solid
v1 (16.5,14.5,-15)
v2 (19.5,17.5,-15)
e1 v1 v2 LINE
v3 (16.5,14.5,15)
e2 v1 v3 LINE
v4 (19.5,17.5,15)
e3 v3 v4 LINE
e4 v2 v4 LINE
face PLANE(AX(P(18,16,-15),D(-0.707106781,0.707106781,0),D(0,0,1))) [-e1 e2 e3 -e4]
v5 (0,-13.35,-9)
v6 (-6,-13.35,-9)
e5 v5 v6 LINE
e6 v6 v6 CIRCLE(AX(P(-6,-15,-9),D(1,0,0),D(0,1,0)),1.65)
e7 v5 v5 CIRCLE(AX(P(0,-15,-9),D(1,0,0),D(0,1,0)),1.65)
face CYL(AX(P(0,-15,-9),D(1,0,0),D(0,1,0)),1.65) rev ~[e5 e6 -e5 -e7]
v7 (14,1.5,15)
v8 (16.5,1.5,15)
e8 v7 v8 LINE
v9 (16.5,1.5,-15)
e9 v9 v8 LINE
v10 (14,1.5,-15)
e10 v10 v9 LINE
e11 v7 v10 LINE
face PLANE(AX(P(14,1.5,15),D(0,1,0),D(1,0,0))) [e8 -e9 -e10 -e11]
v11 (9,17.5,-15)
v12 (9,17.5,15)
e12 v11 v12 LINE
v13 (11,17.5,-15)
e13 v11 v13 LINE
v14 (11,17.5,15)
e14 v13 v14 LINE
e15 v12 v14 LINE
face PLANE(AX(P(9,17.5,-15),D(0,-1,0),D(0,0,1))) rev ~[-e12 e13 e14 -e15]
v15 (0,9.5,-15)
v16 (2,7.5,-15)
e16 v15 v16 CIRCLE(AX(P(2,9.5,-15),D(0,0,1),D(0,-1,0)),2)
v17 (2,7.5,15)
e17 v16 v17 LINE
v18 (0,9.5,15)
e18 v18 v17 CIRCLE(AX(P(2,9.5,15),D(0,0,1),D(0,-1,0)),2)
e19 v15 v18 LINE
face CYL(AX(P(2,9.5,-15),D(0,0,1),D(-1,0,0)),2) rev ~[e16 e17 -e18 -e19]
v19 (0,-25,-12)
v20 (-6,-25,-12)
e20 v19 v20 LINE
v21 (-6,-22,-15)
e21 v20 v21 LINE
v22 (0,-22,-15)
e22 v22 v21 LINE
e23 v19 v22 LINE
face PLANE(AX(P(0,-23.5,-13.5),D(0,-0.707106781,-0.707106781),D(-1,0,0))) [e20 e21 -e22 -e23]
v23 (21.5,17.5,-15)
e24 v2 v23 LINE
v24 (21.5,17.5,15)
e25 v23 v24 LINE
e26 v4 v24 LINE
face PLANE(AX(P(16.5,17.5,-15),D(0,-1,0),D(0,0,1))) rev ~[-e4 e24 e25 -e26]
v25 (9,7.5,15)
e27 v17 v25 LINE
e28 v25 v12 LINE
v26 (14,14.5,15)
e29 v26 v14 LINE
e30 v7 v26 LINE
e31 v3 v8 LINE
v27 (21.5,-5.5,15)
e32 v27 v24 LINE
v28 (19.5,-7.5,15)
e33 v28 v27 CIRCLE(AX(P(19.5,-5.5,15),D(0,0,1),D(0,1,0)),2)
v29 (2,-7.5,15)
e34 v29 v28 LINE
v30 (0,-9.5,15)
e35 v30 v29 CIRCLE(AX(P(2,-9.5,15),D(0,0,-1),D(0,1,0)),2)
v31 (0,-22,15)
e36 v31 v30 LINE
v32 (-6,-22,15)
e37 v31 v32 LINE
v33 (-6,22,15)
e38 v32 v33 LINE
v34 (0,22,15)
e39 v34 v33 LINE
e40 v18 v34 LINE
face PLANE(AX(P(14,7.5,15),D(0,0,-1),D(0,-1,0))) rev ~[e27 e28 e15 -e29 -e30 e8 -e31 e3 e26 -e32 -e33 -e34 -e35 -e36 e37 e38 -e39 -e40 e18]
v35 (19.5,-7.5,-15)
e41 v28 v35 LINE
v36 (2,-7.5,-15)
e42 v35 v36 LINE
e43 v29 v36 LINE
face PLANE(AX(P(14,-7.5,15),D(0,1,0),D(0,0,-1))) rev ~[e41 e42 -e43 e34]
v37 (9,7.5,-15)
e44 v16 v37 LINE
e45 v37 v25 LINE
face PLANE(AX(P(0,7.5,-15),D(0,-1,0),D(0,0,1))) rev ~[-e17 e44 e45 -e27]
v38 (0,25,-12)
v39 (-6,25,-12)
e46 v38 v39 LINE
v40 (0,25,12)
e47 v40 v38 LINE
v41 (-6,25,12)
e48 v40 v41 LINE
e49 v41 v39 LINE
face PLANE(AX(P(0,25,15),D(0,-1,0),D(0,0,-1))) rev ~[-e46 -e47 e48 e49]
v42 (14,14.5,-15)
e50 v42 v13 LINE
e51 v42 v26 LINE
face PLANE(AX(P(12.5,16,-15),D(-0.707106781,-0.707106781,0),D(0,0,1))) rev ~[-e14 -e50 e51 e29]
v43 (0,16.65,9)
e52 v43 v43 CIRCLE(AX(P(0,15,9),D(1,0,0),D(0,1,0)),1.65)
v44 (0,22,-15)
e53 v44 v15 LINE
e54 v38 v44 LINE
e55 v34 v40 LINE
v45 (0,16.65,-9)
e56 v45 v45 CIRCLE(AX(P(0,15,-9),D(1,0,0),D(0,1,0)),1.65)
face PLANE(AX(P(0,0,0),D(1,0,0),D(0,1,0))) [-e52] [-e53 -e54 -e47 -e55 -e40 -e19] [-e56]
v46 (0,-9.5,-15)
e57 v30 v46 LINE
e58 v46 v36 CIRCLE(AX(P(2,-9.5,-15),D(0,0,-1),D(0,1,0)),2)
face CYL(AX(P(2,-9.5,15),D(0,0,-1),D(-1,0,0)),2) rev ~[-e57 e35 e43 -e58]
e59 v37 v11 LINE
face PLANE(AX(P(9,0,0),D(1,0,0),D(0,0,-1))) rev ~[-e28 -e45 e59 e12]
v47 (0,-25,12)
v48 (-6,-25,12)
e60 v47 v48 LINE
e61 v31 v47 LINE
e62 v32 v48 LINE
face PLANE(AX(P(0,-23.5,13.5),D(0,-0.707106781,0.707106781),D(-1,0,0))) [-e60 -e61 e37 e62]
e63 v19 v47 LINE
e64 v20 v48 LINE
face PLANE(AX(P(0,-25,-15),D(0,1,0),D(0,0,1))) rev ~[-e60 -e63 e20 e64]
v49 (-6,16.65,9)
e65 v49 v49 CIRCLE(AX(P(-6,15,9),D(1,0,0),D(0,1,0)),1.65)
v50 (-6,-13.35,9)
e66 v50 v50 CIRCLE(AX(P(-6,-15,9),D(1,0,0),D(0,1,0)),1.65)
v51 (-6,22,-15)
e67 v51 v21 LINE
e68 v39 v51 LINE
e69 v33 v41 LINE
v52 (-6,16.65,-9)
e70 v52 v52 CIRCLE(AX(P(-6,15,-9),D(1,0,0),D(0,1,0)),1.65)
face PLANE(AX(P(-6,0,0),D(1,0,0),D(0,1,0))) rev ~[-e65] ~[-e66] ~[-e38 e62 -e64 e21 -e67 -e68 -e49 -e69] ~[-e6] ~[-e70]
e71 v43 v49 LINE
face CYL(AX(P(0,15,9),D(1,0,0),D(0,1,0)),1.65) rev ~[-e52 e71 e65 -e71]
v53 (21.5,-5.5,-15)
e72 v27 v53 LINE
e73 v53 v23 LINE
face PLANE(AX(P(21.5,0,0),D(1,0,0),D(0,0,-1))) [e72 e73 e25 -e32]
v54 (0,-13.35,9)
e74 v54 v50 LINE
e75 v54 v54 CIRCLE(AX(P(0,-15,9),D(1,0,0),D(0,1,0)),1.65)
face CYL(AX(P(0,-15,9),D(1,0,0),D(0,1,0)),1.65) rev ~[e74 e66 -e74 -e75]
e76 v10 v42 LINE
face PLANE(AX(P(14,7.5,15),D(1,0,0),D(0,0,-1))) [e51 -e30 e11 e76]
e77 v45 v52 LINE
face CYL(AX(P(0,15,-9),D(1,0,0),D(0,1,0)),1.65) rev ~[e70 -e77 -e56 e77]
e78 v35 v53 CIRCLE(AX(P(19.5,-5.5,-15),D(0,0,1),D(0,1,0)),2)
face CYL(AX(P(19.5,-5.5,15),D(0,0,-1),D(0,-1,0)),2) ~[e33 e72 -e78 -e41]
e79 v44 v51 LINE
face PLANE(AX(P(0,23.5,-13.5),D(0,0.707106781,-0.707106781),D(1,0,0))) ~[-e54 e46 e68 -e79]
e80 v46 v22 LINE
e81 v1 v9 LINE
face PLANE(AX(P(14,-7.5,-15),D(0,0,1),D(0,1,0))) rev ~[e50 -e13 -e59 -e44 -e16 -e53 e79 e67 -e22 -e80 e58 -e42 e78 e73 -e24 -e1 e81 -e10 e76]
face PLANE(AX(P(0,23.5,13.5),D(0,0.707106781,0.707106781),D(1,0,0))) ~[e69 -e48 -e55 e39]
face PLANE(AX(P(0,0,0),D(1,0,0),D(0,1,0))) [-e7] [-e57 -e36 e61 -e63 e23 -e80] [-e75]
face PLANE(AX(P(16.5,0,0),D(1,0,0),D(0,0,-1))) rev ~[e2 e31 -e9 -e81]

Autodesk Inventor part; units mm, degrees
ref_plane "YZ Plane" through (0, 0, 0) normal (1, 0, 0) x (0, 1, 0)
ref_plane "XZ Plane" through (0, 0, 0) normal (0, 1, 0) x (-1, 0, 0)
ref_plane "XY Plane" through (0, 0, 0) normal (0, 0, 1) x (1, 0, 0)
sketch "Sketch1" plane through (0, 0, 0) normal (1, 0, 0) x (0, 1, 0)
  line L0 (-25, 15) -> (25, 15)
  line L1 (25, 15) -> (25, -15)
  line L2 (25, -15) -> (-25, -15)
  line L3 (-25, -15) -> (-25, 15)
  line L4 (-25, 15) -> (25, -15) construction
  line L5 (25, 15) -> (-25, -15) construction
  line L6 (-15, -9) -> (15, -9) construction
  line L7 (15, -9) -> (15, 9) construction
  line L8 (15, 9) -> (-15, 9) construction
  line L9 (-15, 9) -> (-15, -9) construction
  line L10 (-15, -9) -> (15, 9) construction
  line L11 (15, -9) -> (-15, 9) construction
  circle A0 centre (15, -9) radius 1.65
  circle A1 centre (15, 9) radius 1.65
  circle A2 centre (-15, 9) radius 1.65
  circle A3 centre (-15, -9) radius 1.65
  point P0 (0, 0)
  dimension "d0" = 50
  dimension "d1" = 30
  dimension "d4" = 30
  dimension "d5" = 3.3
extrude "Extrusion1" add sketch "Sketch1" against normal blind 6
sketch "Sketch2" plane through (0, 0, 0) normal (1, 0, 0) x (0, 0, -1)
  line L0 (15, -25) -> (15, 25) projected
  line L1 (15, 25) -> (-15, 25) projected
  line L2 (-15, 25) -> (-15, -25) projected
  line L3 (-15, -25) -> (15, -25) projected
  circle A0 centre (9, -15) radius 1.65 projected
  circle A1 centre (-9, -15) radius 1.65 projected
  circle A2 centre (-9, 15) radius 1.65 projected
  circle A3 centre (9, 15) radius 1.65 projected
  line L4 (-15, -7.5) -> (15, -7.5)
  line L5 (15, -7.5) -> (15, 7.5)
  line L6 (15, 7.5) -> (-15, 7.5)
  line L7 (-15, 7.5) -> (-15, -7.5)
  line L8 (-15, -7.5) -> (15, 7.5) construction
  line L9 (15, -7.5) -> (-15, 7.5) construction
  point P0 (0, 0)
  point P1 (-15, 7.5)
  point P2 (-15, -7.5)
  dimension "d6" = 15
extrude "Extrusion2" add sketch "Sketch2" along normal blind 9 contours L4 L2 L6 L0
sketch "Sketch3" plane through (9, 0, 0) normal (1, 0, 0) x (0, 0, -1)
  line L0 (-15, 7.5) -> (-15, -7.5) projected
  line L1 (-15, -7.5) -> (15, -7.5) projected
  line L2 (15, -7.5) -> (15, 7.5) projected
  line L3 (15, 7.5) -> (-15, 7.5) projected
  line L4 (-15, -7.5) -> (15, -7.5)
  line L5 (15, -7.5) -> (15, 17.5)
  line L6 (15, 17.5) -> (-15, 17.5)
  line L7 (-15, 17.5) -> (-15, -7.5)
  point P0 (0, 0)
  dimension "d9" = 25
extrude "Extrusion3" add sketch "Sketch3" along normal blind 5
sketch "Sketch4" plane through (14, 0, 0) normal (1, 0, 0) x (0, 0, -1)
  line L0 (-15, 7.5) -> (15, 7.5) projected
  line L1 (15, 7.5) -> (-15, 7.5) projected
  line L2 (-15, -7.5) -> (15, -7.5) projected
  line L3 (15, -7.5) -> (15, 17.5) projected
  line L4 (15, 17.5) -> (-15, 17.5) projected
  line L5 (-15, 17.5) -> (-15, -7.5) projected
  point P0 (0, 0)
  point P1 (15, 7.5)
  point P2 (-15, 7.5)
extrude "Extrusion4" add sketch "Sketch4" along normal blind 2.5 contours L0 L3 L2 L5
sketch "Sketch5" plane through (16.5, 0, 0) normal (1, 0, 0) x (0, 0, -1)
  line L0 (-15, 7.5) -> (15, 7.5) projected
  line L1 (15, 7.5) -> (15, 17.5) projected
  line L2 (15, 17.5) -> (-15, 17.5) projected
  line L3 (-15, 17.5) -> (-15, 7.5) projected
  line L4 (15, -7.5) -> (15, 7.5) projected
  line L5 (15, 7.5) -> (-15, 7.5) projected
  line L6 (-15, 7.5) -> (-15, -7.5) projected
  line L7 (-15, -7.5) -> (15, -7.5) projected
  point P0 (0, 0)
extrude "Extrusion5" add sketch "Sketch5" along normal blind 5
chamfer "Chamfer1" distance 3 angle 45 2 edges at (14, 17.5, 0) (16.5, 17.5, 0)
sketch "Sketch6" plane through (14, 7.5, 15) normal (0, 1, 0) x (1, 0, 0)
  line L0 (0, 0) -> (0, 30) projected
  line L1 (0, 0) -> (2.5, 0) projected
  line L2 (2.5, 30) -> (2.5, 0) projected
  line L3 (0, 30) -> (2.5, 30) projected
  point P0 (-14, 15)
extrude "Extrusion6" cut sketch "Sketch6" against normal blind 6
chamfer "Chamfer2" distance 3 angle 45 4 edges at (-3, 25, 15) (-3, 25, -15) (-3, -25, -15) (-3, -25, 15)
fillet "Fillet1" radius 2 3 edges at (0, 7.5, 0) (0, -7.5, 0) (21.5, -7.5, 0)
properties part number "SEGURO" material "Steel, Mild, Welded"
